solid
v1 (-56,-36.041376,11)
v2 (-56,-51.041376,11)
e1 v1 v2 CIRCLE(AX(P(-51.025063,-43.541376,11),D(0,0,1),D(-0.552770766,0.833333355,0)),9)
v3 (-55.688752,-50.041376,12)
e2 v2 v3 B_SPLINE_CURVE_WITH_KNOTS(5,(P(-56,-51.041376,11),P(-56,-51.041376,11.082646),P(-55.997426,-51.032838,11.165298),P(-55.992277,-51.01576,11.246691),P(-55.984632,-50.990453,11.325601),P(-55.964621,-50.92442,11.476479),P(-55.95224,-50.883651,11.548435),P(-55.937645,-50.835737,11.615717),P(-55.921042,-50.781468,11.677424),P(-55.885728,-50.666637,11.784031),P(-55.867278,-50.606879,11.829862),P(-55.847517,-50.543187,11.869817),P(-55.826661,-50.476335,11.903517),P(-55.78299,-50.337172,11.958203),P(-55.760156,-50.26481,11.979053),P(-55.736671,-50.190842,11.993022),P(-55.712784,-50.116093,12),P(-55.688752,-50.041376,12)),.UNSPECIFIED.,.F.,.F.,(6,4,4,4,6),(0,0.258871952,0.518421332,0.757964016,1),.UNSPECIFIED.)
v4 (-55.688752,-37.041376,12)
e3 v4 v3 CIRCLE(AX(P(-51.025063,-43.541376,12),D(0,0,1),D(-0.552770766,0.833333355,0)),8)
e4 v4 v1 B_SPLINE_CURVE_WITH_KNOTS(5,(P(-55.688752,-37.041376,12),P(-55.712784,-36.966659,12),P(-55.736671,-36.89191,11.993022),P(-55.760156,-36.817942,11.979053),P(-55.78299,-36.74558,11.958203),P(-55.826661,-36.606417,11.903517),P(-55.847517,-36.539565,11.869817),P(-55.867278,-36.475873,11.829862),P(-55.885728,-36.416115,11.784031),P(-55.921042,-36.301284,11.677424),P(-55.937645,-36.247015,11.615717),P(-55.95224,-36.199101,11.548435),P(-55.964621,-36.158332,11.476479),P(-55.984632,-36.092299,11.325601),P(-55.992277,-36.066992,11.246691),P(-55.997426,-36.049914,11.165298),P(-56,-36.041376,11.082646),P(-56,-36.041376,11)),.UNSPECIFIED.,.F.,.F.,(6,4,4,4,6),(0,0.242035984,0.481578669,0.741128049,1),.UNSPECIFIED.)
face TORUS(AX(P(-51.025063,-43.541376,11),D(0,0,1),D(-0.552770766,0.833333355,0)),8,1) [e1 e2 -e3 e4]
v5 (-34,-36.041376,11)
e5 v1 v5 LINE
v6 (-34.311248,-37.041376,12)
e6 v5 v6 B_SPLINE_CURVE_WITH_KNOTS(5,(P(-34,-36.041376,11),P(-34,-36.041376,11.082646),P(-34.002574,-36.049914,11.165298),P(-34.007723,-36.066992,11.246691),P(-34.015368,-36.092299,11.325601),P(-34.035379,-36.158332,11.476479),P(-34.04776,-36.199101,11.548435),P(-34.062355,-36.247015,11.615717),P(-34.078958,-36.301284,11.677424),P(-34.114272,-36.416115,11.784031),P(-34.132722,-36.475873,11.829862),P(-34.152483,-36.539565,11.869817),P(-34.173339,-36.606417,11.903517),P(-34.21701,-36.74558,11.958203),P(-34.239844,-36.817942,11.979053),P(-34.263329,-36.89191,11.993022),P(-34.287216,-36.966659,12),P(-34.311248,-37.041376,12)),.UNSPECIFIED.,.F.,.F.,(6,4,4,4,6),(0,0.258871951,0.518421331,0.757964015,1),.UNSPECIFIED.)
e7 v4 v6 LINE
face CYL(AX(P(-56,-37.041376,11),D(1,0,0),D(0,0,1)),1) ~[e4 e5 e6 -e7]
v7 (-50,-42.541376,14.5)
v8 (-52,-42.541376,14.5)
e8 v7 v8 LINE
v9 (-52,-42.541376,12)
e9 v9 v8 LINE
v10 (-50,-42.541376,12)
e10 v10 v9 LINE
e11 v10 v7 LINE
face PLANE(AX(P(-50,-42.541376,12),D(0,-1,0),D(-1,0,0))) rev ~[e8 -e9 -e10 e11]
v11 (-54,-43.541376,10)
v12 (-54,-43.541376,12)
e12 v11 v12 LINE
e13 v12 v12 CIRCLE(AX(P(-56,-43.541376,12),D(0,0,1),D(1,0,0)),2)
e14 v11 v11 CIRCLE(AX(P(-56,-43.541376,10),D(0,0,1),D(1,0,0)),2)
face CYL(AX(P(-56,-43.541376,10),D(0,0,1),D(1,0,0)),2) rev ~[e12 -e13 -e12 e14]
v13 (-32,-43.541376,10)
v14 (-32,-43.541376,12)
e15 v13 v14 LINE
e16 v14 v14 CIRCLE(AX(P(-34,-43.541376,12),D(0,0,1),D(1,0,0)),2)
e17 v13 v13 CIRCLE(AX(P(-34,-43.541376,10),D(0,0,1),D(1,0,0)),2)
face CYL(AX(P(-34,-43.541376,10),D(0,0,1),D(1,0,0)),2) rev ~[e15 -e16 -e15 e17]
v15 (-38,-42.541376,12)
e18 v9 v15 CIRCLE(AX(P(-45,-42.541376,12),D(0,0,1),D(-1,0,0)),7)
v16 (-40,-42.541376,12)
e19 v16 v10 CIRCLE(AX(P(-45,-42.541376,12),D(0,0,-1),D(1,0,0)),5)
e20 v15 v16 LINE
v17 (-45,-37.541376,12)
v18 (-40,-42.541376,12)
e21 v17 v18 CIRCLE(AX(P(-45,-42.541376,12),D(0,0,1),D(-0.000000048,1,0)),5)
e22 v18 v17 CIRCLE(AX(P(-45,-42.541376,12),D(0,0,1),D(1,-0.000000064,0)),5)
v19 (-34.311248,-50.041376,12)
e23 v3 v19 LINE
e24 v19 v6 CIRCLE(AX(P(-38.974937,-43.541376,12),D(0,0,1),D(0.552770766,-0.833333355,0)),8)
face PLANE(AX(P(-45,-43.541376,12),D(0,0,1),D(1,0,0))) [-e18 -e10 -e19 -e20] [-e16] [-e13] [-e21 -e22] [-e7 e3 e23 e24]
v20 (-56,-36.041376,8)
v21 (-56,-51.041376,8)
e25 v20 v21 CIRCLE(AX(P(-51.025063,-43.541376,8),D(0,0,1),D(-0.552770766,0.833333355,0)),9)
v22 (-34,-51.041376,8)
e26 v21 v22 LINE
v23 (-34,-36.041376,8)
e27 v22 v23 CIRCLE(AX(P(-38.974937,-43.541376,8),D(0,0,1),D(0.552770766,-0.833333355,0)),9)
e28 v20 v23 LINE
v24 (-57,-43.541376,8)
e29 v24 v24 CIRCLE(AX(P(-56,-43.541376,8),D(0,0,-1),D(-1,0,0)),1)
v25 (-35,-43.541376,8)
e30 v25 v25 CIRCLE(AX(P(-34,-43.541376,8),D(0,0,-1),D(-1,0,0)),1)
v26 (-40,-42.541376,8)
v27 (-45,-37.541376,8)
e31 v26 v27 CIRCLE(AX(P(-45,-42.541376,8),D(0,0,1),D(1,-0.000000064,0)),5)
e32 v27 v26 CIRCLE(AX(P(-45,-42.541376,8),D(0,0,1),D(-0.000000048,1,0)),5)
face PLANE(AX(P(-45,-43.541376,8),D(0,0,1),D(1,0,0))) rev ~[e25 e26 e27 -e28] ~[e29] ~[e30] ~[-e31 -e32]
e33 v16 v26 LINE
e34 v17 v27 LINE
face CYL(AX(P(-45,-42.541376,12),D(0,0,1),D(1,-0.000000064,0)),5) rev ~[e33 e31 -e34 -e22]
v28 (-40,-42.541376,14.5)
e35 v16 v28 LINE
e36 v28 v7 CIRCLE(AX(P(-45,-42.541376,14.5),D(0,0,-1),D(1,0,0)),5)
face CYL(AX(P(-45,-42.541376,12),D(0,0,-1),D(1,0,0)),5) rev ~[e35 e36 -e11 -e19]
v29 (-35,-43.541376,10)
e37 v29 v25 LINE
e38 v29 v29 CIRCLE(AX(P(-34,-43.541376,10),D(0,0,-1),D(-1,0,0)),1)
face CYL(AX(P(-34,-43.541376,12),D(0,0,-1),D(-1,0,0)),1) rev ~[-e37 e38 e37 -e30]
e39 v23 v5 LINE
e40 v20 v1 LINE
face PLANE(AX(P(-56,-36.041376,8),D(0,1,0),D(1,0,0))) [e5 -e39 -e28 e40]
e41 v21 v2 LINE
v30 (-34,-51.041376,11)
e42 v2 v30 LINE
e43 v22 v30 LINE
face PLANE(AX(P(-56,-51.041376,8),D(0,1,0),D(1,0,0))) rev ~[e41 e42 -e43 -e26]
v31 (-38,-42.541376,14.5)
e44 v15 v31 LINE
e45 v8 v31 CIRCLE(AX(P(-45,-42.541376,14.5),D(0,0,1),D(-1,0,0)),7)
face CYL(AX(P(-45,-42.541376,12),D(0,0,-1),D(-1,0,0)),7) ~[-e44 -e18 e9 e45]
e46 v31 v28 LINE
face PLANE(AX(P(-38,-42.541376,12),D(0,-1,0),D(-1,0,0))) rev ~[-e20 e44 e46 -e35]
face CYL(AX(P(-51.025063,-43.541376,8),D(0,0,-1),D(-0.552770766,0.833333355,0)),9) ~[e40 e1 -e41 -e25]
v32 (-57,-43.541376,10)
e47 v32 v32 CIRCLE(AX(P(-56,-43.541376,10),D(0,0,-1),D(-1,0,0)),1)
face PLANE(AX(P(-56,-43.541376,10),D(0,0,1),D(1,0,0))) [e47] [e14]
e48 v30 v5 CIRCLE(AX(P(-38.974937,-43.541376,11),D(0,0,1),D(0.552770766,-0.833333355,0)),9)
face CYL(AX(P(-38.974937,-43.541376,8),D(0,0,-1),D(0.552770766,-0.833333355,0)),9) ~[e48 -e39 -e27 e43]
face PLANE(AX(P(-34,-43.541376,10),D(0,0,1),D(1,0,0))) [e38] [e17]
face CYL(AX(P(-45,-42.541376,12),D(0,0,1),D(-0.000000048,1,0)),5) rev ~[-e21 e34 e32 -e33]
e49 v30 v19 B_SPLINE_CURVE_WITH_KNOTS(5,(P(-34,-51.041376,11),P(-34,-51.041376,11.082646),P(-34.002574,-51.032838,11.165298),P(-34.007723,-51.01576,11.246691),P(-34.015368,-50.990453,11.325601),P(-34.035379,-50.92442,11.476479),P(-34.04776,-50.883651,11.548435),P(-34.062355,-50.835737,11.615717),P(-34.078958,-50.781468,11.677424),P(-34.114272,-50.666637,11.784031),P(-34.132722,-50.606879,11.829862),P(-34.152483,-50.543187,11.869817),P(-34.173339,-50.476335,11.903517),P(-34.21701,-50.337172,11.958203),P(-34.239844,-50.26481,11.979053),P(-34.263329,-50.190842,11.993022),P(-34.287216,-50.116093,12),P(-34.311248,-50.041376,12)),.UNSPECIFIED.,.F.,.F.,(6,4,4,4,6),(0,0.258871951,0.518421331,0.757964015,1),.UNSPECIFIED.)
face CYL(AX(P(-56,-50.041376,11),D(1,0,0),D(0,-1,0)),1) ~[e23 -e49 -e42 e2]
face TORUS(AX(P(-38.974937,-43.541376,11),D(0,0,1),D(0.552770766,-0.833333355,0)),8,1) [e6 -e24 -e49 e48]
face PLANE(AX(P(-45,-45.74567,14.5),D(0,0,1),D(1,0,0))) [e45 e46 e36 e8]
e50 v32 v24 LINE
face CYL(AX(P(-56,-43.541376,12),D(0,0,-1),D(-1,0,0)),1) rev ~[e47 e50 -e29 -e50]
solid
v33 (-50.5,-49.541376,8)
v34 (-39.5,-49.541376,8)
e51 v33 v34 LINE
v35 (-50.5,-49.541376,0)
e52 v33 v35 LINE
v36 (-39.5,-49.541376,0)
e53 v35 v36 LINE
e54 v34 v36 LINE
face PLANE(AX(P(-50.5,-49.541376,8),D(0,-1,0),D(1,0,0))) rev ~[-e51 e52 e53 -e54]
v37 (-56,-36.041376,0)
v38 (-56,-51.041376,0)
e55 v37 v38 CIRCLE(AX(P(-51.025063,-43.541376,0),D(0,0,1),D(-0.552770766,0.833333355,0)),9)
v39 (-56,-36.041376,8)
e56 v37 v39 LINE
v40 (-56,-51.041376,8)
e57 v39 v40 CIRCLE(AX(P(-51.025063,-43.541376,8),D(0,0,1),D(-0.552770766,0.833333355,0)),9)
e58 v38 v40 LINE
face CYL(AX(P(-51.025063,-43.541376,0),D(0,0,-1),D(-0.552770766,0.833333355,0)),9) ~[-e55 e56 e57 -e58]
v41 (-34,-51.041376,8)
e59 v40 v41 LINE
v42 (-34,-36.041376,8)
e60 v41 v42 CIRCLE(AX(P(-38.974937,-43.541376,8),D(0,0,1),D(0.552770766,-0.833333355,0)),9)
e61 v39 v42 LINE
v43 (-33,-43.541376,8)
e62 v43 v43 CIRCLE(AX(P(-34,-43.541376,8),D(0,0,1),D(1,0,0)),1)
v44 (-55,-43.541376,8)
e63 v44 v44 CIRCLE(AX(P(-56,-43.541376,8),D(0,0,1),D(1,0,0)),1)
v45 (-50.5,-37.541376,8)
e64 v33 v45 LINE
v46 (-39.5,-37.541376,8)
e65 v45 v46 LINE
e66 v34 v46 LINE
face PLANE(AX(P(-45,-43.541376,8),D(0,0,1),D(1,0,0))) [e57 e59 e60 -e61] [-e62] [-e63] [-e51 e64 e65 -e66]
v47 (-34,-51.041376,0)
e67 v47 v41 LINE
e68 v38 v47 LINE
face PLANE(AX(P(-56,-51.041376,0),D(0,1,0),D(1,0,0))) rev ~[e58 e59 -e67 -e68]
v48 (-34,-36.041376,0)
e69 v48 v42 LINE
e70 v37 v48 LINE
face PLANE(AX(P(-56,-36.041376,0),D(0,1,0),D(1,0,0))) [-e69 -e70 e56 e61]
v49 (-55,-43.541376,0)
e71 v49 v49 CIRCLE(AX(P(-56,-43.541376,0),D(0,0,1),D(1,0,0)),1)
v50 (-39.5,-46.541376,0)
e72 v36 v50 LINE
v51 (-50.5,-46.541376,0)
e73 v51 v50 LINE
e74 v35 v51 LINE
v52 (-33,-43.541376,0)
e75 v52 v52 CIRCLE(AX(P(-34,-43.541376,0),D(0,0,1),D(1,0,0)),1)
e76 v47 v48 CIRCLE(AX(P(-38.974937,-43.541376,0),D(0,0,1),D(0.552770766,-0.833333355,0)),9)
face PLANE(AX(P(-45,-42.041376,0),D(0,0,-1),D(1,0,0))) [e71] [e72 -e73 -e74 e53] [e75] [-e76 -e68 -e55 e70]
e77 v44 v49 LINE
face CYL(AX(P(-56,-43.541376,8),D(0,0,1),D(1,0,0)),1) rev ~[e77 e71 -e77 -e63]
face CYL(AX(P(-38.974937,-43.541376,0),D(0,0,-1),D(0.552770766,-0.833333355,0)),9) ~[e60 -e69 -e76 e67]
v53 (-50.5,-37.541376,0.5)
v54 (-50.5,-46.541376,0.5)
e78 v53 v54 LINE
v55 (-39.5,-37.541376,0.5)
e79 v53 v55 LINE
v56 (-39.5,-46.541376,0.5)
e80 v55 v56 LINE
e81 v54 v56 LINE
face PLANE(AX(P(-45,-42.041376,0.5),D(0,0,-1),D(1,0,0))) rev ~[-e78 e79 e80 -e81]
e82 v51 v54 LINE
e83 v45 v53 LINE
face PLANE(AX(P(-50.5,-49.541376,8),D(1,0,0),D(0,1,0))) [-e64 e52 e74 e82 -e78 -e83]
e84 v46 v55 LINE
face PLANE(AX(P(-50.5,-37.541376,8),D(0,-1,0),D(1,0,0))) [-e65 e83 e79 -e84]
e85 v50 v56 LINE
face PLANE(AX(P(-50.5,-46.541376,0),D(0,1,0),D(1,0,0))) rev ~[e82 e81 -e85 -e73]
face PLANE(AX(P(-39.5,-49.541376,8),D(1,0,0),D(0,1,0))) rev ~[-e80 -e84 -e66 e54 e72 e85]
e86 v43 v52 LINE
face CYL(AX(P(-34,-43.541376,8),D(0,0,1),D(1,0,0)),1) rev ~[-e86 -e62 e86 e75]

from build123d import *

# Parameters (mm, degrees)
F0_W            = 22
F0_H            = 15
F1_DEPTH        = 8
F2_R            = 1
F2_W            = 11
F2_H            = 12
F3_DEPTH        = 9
F4_W            = 11
F4_H            = 9
F5_DEPTH        = 0.5
F6_W            = 22
F6_H            = 15
F7_DEPTH        = 4
F9_DEPTH        = 4
F10_R           = 1
F11_D           = 2
F11_DEPTH       = 20
F11_CBORE_D     = 4
F11_CBORE_DEPTH = 2
F13_DEPTH       = 2.5


with BuildPart() as f1:
    # F0 (on Top) → F1 (new body)
    with BuildSketch(Plane.XY):
        with Locations((-45, -43.541376)):
            Rectangle(F0_W, F0_H)
        with BuildLine():
            ThreePointArc((-34, -51.041376), (-29.974937, -43.541376), (-34, -36.041376))
            Line((-34, -36.041376), (-34, -51.041376))
        make_face()
        with BuildLine():
            Line((-56, -51.041376), (-56, -36.041376))
            ThreePointArc((-56, -36.041376), (-60.025063, -43.541376), (-56, -51.041376))
        make_face()
    extrude(amount=F1_DEPTH)

    # F2 (on face) → F3 (cut)
    with BuildSketch(Plane.XY.offset(8)):
        with Locations((-56, -43.541376)):
            Circle(F2_R)
        with Locations((-34, -43.541376)):
            Circle(F2_R)
        with Locations((-45, -43.541376)):
            Rectangle(F2_W, F2_H)
    extrude(amount=-F3_DEPTH, mode=Mode.SUBTRACT)

    # F4 (on face) → F5 (join)
    with BuildSketch(Plane(origin=(0, 0, 0), x_dir=(1, 0, 0), z_dir=(0, 0, -1))):
        with Locations((-45, 42.041376)):
            Rectangle(F4_W, F4_H)
    extrude(amount=-F5_DEPTH)


with BuildPart() as f7:
    # F6 (on face) → F7 (new body)
    with BuildSketch(Plane.XY.offset(8)):
        with Locations((-45, -43.541376)):
            Rectangle(F6_W, F6_H)
        with BuildLine():
            ThreePointArc((-34, -51.041376), (-29.974937, -43.541376), (-34, -36.041376))
            Line((-34, -36.041376), (-34, -51.041376))
        make_face()
        with BuildLine():
            Line((-56, -51.041376), (-56, -36.041376))
            ThreePointArc((-56, -36.041376), (-60.025063, -43.541376), (-56, -51.041376))
        make_face()
    extrude(amount=F7_DEPTH)

    # F8 (on face) → F9 (cut)
    with BuildSketch(Plane.XY.offset(12)):
        with BuildLine():
            ThreePointArc((-45, -37.541376), (-48.535534, -46.076909), (-40, -42.541376))
            ThreePointArc((-40, -42.541376), (-41.464466, -39.005842), (-45, -37.541376))
        make_face()
    extrude(amount=-F9_DEPTH, mode=Mode.SUBTRACT)

    # F10
    f10_edges = [f7.edges().sort_by_distance(p)[0] for p in [
        (-29.974937, -43.541376, 12),
        (-45, -36.041376, 12),
        (-60.025063, -43.541376, 12),
        (-45, -51.041376, 12),
    ]]
    fillet(f10_edges, radius=F10_R)

    # F11
    with Locations(Plane.XY.offset(12)):
        with Locations((-34, -43.541376), (-56, -43.541376)):
            CounterBoreHole(F11_D / 2, F11_CBORE_D / 2, F11_CBORE_DEPTH, depth=F11_DEPTH)

    # F12 (on face) → F13 (join)
    with BuildSketch(Plane.XY.offset(12)):
        with BuildLine():
            ThreePointArc((-40, -42.541376), (-45, -47.541376), (-50, -42.541376))
            Line((-50, -42.541376), (-52, -42.541376))
            ThreePointArc((-52, -42.541376), (-45, -49.541376), (-38, -42.541376))
            Line((-38, -42.541376), (-40, -42.541376))
        make_face()
    extrude(amount=F13_DEPTH)


solid = Compound([f1.part, f7.part])
